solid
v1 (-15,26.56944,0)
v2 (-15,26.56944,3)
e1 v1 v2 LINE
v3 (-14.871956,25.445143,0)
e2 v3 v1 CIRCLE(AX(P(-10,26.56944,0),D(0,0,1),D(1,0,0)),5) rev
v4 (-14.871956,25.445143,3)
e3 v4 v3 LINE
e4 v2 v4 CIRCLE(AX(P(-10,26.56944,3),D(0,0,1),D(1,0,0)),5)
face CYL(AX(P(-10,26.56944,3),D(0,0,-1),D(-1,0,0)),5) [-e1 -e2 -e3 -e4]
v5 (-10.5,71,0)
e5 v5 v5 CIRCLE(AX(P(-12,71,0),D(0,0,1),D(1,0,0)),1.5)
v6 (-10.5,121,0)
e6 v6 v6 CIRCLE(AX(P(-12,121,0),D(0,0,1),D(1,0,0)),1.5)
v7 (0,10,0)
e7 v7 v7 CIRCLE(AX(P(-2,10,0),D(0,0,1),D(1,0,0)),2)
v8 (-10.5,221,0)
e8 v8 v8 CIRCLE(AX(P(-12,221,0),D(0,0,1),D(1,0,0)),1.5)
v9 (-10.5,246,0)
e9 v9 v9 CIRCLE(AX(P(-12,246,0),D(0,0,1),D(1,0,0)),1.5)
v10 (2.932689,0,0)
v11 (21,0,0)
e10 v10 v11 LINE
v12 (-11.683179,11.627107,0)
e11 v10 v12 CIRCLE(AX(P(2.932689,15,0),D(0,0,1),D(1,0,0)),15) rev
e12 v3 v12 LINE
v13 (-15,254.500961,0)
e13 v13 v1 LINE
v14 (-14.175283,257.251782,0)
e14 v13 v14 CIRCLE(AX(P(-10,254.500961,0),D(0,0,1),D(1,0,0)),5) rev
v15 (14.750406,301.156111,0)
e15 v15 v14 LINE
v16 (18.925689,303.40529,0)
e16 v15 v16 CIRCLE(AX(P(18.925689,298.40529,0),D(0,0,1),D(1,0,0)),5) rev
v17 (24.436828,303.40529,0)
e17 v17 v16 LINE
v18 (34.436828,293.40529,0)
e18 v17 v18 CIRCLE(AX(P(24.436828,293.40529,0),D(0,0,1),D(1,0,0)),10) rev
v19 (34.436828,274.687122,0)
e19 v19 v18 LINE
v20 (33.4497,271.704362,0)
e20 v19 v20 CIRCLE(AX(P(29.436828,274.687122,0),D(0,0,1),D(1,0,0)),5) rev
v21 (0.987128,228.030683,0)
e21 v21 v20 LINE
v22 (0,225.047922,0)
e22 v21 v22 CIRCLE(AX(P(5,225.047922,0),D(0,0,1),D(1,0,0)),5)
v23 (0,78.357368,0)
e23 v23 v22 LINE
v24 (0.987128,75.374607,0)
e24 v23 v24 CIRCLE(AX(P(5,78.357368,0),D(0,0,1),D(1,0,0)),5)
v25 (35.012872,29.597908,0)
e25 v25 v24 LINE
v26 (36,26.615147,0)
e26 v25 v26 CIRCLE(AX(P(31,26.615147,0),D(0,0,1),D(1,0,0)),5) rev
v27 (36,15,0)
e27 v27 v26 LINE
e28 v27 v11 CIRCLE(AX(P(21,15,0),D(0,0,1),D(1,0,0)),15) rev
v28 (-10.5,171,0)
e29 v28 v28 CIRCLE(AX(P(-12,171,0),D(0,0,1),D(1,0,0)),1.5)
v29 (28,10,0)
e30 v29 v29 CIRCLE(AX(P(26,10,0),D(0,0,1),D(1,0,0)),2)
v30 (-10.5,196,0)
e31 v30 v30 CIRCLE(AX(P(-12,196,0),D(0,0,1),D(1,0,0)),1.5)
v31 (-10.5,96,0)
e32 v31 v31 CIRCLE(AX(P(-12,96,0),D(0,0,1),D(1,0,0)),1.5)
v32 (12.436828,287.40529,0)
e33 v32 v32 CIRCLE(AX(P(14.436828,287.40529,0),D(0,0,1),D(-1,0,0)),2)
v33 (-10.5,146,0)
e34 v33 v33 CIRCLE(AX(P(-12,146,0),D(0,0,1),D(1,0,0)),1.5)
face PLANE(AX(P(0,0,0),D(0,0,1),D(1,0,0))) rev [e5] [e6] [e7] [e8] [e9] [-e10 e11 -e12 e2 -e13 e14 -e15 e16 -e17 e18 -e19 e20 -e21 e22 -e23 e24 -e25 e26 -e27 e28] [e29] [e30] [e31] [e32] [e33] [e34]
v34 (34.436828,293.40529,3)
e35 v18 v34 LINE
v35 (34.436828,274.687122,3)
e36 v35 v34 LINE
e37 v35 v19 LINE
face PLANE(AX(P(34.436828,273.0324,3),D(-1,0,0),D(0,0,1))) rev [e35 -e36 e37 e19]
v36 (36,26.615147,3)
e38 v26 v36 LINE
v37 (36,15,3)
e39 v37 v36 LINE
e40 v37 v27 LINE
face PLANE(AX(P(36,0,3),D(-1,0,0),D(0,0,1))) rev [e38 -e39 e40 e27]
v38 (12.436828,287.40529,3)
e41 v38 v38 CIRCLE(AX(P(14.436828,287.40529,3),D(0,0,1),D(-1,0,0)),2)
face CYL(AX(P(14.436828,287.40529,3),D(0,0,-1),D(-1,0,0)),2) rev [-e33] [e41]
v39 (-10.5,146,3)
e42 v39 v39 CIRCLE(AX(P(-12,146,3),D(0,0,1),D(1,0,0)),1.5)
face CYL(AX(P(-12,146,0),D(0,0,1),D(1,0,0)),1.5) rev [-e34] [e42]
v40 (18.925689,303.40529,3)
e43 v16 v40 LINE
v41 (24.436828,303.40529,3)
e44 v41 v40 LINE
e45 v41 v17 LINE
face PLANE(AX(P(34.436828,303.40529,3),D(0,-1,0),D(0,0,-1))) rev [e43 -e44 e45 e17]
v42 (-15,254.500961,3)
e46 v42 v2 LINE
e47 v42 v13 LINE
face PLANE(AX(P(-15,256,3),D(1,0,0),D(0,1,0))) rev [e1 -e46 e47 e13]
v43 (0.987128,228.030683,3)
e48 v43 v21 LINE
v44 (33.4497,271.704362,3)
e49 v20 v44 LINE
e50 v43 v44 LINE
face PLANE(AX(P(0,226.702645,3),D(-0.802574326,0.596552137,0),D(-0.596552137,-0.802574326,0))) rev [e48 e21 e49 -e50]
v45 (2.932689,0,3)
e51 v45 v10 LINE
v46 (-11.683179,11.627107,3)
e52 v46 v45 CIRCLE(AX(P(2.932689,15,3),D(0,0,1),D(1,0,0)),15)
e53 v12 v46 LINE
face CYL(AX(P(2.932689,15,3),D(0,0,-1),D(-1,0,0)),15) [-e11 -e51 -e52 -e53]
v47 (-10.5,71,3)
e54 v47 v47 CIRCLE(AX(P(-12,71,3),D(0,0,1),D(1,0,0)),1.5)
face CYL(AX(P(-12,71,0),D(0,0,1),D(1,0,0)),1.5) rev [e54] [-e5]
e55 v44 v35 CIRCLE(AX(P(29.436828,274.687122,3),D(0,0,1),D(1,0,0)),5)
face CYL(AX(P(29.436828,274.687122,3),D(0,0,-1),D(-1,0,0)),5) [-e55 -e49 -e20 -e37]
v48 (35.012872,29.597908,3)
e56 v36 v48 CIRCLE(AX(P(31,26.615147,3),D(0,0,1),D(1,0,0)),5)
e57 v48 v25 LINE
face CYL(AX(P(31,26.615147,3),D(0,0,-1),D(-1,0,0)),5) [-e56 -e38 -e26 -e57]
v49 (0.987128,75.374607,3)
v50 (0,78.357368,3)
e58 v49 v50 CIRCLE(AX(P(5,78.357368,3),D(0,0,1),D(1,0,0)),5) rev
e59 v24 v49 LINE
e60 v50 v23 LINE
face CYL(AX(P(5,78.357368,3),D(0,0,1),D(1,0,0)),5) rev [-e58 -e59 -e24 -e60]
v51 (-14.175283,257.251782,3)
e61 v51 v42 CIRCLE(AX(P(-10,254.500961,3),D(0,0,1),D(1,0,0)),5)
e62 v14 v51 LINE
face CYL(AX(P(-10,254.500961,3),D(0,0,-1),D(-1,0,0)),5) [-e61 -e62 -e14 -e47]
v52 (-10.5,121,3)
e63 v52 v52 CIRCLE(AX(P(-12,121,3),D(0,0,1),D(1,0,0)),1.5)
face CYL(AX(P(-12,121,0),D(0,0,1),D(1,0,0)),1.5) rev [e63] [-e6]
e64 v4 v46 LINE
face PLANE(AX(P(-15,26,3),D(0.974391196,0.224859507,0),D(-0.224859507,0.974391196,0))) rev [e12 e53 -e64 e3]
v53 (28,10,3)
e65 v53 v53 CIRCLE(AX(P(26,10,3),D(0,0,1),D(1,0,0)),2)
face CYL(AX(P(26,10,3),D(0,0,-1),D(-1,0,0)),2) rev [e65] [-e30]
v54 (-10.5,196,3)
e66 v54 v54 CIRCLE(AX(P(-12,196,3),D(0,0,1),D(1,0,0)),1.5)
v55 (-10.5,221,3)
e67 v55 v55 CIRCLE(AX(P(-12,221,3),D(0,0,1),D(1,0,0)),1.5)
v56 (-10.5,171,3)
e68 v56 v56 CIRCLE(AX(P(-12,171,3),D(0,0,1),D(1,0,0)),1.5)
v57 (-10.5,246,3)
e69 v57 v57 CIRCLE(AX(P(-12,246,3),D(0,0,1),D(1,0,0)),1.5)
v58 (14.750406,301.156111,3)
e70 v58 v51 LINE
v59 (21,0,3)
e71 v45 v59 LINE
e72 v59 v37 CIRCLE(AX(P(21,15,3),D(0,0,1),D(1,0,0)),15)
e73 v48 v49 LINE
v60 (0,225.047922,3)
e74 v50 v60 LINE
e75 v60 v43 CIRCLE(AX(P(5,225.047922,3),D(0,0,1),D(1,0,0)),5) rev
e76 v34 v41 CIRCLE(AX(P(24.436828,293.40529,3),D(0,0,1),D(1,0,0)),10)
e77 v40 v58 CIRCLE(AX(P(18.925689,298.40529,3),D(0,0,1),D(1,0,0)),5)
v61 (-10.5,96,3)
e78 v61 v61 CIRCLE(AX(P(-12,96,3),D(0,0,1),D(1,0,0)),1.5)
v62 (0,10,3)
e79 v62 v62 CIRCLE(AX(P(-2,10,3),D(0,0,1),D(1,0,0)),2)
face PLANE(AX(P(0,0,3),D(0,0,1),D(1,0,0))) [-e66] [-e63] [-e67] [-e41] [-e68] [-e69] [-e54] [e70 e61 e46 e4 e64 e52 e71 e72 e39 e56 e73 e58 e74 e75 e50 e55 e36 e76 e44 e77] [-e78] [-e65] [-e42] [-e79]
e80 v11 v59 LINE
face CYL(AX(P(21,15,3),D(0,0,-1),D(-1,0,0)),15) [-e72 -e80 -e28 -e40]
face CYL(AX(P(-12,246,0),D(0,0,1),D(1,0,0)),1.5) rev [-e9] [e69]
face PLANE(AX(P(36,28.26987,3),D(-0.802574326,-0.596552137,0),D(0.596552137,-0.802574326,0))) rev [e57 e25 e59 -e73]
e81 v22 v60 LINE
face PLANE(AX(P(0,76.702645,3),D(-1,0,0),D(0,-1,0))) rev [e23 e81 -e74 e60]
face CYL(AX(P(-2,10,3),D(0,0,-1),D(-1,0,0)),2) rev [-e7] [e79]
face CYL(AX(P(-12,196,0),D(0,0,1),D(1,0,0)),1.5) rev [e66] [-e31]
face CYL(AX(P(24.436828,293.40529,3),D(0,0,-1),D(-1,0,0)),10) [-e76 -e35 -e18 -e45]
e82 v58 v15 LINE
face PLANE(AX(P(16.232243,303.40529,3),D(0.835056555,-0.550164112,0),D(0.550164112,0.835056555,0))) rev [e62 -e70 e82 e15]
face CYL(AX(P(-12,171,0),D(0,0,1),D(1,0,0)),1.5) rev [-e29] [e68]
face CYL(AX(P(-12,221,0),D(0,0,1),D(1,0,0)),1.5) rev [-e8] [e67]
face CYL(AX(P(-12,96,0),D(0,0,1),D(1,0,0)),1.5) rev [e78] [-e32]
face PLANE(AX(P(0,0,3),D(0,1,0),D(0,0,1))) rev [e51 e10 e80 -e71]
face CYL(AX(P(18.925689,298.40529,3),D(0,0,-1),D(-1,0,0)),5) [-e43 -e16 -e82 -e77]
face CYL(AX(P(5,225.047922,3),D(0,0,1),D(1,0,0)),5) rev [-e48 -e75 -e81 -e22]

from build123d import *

# Parameters (mm, degrees)
SKETCH_1_R          = 2
EXTRUDE_1_DEPTH     = 3
SKETCH_2_R          = 1.5
CUT_EXTRUDE_1_DEPTH = 306.548310575
FILLET_1_R          = 15
FILLET_2_R          = 5
FILLET_3_R          = 10


with BuildPart() as part:
    # 草图1 → 凸台-拉伸1 (new body)
    with BuildSketch(Plane.XY):
        Polygon((0, 0), (36, 0), (36, 28.269869579), (0, 76.702645079), (0, 226.702645079), (34.436828012, 273.032399523), (34.436828012, 303.405290157), (16.23224311, 303.405290157), (-15, 256), (-15, 26), (-9, 0), align=None)
        with Locations((26, 10)):
            Circle(SKETCH_1_R, mode=Mode.SUBTRACT)
        with Locations(Location((14.436828012, 287.405290157, 0), (0, 0, 180))):
            Circle(SKETCH_1_R, mode=Mode.SUBTRACT)
        with Locations((-2, 10)):
            Circle(SKETCH_1_R, mode=Mode.SUBTRACT)
    extrude(amount=EXTRUDE_1_DEPTH)

    # 草图2 → 切除-拉伸1 (cut, through all)
    with BuildSketch(Plane.XY.offset(3)):
        with Locations((-12, 246)):
            Circle(SKETCH_2_R)
        with Locations((-12, 221)):
            Circle(SKETCH_2_R)
        with Locations((-12, 196)):
            Circle(SKETCH_2_R)
        with Locations((-12, 171)):
            Circle(SKETCH_2_R)
        with Locations((-12, 146)):
            Circle(SKETCH_2_R)
        with Locations((-12, 121)):
            Circle(SKETCH_2_R)
        with Locations((-12, 96)):
            Circle(SKETCH_2_R)
        with Locations((-12, 71)):
            Circle(SKETCH_2_R)
    extrude(amount=-CUT_EXTRUDE_1_DEPTH, mode=Mode.SUBTRACT)

    # 圆角1
    fillet_1_edges = [part.edges().sort_by_distance(p)[0] for p in [
        (-9, 0, 1.5),
        (36, 0, 1.5),
    ]]
    fillet(fillet_1_edges, radius=FILLET_1_R)

    # 圆角2
    fillet_2_edges = [part.edges().sort_by_distance(p)[0] for p in [
        (-15, 26, 1.5),
        (-15, 256, 1.5),
        (16.23224311, 303.405290157, 1.5),
        (34.436828012, 273.032399523, 1.5),
        (0, 226.702645079, 1.5),
        (0, 76.702645079, 1.5),
        (36, 28.269869579, 1.5),
    ]]
    fillet(fillet_2_edges, radius=FILLET_2_R)

    # 圆角3
    fillet_3_edges = [part.edges().sort_by_distance(p)[0] for p in [
        (34.436828012, 303.405290157, 1.5),
    ]]
    fillet(fillet_3_edges, radius=FILLET_3_R)


solid = part.part
